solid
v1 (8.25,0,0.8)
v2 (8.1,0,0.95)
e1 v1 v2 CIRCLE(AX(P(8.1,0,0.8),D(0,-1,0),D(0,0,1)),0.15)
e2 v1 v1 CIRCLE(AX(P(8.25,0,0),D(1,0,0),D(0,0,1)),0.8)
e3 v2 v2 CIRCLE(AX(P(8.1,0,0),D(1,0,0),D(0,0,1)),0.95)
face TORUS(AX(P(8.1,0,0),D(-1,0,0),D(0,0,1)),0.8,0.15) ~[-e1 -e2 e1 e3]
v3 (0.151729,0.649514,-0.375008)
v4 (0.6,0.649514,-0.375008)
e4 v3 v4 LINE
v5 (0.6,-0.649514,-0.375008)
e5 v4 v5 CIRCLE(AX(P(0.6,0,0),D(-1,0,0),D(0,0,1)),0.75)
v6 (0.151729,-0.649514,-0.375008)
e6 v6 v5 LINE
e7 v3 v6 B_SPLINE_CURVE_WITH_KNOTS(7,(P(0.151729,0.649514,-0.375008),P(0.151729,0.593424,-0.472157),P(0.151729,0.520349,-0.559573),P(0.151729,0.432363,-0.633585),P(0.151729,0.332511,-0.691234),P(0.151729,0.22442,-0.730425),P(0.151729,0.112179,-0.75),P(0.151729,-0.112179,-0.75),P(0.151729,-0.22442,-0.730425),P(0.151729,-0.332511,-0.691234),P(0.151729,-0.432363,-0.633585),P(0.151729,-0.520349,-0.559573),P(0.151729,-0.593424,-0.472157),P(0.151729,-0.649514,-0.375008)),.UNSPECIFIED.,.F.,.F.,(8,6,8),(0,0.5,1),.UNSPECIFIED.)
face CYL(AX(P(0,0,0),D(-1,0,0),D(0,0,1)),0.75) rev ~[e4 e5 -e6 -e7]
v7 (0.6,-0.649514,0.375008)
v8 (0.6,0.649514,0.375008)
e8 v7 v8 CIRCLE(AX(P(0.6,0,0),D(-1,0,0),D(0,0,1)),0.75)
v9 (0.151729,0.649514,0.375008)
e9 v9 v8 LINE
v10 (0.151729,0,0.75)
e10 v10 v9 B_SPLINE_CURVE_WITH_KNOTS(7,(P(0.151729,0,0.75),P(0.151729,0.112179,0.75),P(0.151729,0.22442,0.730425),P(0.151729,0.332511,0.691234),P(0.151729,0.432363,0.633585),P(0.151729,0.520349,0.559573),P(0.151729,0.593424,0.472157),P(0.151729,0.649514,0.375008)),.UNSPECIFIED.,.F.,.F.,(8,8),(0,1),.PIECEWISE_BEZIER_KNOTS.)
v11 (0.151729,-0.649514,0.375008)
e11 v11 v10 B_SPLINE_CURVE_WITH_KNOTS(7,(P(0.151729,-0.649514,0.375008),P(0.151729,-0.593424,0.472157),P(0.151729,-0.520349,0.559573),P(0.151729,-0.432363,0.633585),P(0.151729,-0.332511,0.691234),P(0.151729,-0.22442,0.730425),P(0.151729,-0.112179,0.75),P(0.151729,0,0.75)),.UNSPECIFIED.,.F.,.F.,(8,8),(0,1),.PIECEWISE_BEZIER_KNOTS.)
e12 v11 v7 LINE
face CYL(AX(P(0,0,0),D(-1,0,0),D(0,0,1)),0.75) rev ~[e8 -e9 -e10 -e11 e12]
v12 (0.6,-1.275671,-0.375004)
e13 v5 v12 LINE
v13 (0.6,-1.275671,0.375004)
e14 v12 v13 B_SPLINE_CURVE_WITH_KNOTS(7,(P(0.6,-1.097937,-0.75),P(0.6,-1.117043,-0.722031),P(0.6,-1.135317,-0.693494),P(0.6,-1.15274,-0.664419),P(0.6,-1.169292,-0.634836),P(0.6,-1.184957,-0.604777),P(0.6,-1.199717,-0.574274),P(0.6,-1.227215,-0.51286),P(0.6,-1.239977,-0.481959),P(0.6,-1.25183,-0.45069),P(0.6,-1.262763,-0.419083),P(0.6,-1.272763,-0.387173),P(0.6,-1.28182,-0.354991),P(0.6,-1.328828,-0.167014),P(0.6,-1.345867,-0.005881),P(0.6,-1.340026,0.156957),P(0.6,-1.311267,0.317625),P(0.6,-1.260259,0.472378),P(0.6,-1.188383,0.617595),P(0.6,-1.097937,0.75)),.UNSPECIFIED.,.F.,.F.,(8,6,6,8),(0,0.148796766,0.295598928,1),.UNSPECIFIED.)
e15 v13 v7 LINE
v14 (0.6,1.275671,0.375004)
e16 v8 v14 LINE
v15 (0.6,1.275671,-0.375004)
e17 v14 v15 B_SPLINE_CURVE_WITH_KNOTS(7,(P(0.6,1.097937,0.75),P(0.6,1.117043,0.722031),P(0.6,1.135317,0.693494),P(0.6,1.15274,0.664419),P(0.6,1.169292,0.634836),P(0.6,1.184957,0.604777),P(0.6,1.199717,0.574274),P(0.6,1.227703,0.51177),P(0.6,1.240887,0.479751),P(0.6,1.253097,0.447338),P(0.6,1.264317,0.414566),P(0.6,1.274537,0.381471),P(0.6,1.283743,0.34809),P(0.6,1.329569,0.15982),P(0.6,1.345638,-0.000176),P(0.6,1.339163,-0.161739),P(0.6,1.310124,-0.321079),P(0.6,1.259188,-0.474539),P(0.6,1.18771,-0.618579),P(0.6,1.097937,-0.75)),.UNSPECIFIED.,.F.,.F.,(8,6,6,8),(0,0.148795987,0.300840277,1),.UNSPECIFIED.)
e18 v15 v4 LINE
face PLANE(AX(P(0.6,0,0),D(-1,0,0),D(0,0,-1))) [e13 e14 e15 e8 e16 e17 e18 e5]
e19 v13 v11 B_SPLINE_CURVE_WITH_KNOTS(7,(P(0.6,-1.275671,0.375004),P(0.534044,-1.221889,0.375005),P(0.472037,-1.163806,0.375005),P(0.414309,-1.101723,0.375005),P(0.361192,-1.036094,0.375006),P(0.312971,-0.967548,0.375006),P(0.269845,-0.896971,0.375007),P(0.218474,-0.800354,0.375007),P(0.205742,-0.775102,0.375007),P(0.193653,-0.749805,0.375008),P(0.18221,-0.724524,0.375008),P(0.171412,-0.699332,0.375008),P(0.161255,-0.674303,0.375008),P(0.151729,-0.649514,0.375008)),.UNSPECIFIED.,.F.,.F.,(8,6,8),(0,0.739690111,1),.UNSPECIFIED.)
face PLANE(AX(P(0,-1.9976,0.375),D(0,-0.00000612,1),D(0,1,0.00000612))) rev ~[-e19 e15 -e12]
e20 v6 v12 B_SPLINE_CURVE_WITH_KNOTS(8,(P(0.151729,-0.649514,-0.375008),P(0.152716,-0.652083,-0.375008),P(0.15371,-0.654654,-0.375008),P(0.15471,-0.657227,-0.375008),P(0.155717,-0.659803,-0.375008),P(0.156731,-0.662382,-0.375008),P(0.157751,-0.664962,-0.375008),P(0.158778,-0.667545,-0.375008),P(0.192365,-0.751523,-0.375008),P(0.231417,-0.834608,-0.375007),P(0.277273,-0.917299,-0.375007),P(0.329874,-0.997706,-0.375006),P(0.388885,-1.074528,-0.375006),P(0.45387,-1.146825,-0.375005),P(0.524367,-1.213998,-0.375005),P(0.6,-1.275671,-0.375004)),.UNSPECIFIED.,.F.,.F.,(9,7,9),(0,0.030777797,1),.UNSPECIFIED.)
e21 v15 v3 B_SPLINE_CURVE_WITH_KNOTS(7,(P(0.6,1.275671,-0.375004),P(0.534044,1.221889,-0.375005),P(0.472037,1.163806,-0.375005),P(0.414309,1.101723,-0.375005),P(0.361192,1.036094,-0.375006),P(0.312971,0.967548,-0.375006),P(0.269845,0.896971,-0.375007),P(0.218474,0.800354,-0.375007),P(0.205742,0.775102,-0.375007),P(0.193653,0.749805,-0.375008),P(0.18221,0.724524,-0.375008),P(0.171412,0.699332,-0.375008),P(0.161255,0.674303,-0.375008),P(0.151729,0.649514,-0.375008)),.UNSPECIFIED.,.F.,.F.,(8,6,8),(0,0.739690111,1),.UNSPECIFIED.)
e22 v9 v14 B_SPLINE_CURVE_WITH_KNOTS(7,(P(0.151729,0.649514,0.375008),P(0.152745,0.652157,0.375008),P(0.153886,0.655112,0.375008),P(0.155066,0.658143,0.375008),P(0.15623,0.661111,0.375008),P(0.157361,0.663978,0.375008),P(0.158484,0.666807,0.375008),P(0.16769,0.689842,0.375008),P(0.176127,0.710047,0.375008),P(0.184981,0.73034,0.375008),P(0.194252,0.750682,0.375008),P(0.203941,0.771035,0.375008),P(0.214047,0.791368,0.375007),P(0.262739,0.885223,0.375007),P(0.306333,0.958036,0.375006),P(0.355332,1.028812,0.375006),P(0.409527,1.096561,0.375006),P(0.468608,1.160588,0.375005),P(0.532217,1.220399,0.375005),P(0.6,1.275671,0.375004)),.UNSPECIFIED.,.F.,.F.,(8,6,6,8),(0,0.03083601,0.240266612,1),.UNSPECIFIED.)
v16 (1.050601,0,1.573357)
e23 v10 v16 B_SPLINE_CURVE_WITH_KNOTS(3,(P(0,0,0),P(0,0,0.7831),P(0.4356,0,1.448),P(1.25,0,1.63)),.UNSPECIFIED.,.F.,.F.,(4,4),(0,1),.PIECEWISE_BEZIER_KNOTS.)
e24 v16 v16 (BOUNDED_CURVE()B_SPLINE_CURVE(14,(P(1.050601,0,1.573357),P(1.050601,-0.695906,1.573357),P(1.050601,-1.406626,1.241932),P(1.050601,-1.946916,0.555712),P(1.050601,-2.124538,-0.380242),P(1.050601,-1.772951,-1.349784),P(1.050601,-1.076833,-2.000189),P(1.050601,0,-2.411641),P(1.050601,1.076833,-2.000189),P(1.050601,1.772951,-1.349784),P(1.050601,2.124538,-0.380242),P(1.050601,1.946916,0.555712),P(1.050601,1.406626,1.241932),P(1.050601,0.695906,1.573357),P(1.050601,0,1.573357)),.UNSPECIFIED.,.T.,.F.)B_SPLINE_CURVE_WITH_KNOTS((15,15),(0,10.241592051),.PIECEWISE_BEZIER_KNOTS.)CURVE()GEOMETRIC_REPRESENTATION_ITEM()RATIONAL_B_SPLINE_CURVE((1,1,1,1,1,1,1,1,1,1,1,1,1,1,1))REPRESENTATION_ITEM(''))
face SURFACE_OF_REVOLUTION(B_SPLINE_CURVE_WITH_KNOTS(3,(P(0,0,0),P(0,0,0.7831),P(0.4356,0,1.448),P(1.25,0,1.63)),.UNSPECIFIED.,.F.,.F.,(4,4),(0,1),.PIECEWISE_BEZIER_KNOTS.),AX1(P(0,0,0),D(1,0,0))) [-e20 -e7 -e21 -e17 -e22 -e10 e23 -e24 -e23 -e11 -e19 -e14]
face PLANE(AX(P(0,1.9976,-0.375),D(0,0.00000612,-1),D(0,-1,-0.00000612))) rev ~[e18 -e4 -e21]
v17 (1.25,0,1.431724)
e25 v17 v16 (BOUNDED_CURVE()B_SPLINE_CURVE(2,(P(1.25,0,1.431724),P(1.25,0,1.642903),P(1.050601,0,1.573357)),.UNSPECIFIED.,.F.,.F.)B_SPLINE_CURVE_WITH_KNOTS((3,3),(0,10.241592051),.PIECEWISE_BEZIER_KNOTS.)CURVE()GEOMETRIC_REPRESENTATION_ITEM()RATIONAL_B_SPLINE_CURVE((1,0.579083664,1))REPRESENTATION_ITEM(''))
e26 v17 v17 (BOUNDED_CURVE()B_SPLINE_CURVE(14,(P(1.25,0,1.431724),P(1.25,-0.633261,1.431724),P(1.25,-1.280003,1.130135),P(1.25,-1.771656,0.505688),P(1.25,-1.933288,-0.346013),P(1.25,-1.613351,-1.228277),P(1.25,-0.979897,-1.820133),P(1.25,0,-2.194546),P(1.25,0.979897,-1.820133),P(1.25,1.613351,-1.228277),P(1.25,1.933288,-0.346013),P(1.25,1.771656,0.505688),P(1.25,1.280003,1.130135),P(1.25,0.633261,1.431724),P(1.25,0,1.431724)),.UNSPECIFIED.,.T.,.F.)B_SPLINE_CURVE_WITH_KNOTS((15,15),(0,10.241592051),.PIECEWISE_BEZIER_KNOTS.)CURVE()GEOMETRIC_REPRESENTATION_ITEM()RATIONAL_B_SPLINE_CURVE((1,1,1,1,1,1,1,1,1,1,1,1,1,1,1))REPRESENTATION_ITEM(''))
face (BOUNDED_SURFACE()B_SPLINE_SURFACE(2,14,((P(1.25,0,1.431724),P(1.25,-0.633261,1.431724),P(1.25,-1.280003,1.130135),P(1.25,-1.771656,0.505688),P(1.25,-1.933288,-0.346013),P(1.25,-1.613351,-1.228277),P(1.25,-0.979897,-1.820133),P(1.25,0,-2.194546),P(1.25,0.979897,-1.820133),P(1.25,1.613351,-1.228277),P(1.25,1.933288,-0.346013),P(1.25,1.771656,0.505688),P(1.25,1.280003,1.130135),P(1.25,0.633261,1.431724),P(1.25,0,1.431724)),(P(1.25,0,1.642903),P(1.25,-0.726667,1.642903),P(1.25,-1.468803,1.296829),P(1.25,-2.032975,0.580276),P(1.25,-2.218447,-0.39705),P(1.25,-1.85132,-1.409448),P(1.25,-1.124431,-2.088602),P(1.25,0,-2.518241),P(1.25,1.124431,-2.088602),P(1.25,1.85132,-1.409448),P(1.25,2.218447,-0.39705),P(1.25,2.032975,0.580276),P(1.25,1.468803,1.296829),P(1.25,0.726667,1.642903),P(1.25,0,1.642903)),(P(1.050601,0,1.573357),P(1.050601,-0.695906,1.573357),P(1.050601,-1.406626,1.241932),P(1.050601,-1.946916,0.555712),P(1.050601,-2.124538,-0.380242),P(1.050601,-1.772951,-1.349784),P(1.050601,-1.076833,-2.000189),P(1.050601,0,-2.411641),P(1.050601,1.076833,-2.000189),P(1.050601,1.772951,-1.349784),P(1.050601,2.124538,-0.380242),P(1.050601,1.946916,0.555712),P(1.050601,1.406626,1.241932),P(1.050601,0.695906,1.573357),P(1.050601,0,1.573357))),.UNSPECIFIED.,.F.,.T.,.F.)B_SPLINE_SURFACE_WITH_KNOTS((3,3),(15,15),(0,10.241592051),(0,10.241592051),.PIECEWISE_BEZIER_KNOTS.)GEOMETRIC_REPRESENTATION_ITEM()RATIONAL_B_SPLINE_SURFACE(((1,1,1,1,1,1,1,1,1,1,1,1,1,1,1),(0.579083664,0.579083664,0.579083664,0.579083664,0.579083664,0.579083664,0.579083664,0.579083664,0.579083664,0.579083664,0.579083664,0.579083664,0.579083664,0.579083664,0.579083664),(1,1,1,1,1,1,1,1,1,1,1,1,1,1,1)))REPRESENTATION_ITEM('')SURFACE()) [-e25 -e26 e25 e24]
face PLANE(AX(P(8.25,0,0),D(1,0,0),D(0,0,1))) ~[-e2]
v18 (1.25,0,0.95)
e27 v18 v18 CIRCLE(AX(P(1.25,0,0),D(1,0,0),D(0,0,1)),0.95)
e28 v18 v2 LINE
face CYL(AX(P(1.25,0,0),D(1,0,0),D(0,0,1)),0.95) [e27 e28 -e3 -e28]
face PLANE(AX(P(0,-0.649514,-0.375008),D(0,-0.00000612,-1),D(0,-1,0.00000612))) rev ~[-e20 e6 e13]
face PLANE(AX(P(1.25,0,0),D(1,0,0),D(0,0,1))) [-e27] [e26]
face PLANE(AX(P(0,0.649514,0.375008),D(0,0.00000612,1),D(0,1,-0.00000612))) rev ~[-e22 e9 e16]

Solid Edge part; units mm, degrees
sketch "Sketch1" plane through (0, 0, 0) normal (0, -1, 0) x (1, 0, 0)
  line L0 (1.25, 1.63) -> (1.25, 0.95)
  line L1 (1.25, 0.95) -> (8.25, 0.95)
  line L2 (8.25, 0) -> (8.25, 0.95)
  spline S0 degree 3 poles (0, 0) (0, 0.7831) (0.4356, 1.448) (1.25, 1.63) knots 0 0 0 0 1 1 1 1
revolve "RevolvedProtrusion1" add sketch "Sketch1" angle 360 about axis through (0, 0, 0) along (1, 0, 0)
sketch "Sketch2" plane through (0, 0, 0) normal (1, 0, 0) x (0, 0, 1)
  line L0 (-0.375, 1.9976) -> (0.375, 1.9976)
  line L1 (0.375, 1.9976) -> (0.375, 0.6495)
  arc A0 (0.375, 0.6495) -> (0.375, -0.6495) centre (0, 0) cw
  line L2 (0.375, -0.6495) -> (0.375, -1.9976)
  line L3 (0.375, -1.9976) -> (-0.375, -1.9976)
  line L4 (-0.375, -1.9976) -> (-0.375, -0.6495)
  line L5 (-0.375, 0.6495) -> (-0.375, 1.9976)
  arc A1 (-0.375, -0.6495) -> (-0.375, 0.6495) centre (0, 0) cw
extrude "Cutout1" cut sketch "Sketch2" along normal blind 0.6
fillet "Round_1" radius 0.15 2 edges at (1.25, 0, -1.63) (8.25, 0, -0.95)
properties material "Galvanized steel"
